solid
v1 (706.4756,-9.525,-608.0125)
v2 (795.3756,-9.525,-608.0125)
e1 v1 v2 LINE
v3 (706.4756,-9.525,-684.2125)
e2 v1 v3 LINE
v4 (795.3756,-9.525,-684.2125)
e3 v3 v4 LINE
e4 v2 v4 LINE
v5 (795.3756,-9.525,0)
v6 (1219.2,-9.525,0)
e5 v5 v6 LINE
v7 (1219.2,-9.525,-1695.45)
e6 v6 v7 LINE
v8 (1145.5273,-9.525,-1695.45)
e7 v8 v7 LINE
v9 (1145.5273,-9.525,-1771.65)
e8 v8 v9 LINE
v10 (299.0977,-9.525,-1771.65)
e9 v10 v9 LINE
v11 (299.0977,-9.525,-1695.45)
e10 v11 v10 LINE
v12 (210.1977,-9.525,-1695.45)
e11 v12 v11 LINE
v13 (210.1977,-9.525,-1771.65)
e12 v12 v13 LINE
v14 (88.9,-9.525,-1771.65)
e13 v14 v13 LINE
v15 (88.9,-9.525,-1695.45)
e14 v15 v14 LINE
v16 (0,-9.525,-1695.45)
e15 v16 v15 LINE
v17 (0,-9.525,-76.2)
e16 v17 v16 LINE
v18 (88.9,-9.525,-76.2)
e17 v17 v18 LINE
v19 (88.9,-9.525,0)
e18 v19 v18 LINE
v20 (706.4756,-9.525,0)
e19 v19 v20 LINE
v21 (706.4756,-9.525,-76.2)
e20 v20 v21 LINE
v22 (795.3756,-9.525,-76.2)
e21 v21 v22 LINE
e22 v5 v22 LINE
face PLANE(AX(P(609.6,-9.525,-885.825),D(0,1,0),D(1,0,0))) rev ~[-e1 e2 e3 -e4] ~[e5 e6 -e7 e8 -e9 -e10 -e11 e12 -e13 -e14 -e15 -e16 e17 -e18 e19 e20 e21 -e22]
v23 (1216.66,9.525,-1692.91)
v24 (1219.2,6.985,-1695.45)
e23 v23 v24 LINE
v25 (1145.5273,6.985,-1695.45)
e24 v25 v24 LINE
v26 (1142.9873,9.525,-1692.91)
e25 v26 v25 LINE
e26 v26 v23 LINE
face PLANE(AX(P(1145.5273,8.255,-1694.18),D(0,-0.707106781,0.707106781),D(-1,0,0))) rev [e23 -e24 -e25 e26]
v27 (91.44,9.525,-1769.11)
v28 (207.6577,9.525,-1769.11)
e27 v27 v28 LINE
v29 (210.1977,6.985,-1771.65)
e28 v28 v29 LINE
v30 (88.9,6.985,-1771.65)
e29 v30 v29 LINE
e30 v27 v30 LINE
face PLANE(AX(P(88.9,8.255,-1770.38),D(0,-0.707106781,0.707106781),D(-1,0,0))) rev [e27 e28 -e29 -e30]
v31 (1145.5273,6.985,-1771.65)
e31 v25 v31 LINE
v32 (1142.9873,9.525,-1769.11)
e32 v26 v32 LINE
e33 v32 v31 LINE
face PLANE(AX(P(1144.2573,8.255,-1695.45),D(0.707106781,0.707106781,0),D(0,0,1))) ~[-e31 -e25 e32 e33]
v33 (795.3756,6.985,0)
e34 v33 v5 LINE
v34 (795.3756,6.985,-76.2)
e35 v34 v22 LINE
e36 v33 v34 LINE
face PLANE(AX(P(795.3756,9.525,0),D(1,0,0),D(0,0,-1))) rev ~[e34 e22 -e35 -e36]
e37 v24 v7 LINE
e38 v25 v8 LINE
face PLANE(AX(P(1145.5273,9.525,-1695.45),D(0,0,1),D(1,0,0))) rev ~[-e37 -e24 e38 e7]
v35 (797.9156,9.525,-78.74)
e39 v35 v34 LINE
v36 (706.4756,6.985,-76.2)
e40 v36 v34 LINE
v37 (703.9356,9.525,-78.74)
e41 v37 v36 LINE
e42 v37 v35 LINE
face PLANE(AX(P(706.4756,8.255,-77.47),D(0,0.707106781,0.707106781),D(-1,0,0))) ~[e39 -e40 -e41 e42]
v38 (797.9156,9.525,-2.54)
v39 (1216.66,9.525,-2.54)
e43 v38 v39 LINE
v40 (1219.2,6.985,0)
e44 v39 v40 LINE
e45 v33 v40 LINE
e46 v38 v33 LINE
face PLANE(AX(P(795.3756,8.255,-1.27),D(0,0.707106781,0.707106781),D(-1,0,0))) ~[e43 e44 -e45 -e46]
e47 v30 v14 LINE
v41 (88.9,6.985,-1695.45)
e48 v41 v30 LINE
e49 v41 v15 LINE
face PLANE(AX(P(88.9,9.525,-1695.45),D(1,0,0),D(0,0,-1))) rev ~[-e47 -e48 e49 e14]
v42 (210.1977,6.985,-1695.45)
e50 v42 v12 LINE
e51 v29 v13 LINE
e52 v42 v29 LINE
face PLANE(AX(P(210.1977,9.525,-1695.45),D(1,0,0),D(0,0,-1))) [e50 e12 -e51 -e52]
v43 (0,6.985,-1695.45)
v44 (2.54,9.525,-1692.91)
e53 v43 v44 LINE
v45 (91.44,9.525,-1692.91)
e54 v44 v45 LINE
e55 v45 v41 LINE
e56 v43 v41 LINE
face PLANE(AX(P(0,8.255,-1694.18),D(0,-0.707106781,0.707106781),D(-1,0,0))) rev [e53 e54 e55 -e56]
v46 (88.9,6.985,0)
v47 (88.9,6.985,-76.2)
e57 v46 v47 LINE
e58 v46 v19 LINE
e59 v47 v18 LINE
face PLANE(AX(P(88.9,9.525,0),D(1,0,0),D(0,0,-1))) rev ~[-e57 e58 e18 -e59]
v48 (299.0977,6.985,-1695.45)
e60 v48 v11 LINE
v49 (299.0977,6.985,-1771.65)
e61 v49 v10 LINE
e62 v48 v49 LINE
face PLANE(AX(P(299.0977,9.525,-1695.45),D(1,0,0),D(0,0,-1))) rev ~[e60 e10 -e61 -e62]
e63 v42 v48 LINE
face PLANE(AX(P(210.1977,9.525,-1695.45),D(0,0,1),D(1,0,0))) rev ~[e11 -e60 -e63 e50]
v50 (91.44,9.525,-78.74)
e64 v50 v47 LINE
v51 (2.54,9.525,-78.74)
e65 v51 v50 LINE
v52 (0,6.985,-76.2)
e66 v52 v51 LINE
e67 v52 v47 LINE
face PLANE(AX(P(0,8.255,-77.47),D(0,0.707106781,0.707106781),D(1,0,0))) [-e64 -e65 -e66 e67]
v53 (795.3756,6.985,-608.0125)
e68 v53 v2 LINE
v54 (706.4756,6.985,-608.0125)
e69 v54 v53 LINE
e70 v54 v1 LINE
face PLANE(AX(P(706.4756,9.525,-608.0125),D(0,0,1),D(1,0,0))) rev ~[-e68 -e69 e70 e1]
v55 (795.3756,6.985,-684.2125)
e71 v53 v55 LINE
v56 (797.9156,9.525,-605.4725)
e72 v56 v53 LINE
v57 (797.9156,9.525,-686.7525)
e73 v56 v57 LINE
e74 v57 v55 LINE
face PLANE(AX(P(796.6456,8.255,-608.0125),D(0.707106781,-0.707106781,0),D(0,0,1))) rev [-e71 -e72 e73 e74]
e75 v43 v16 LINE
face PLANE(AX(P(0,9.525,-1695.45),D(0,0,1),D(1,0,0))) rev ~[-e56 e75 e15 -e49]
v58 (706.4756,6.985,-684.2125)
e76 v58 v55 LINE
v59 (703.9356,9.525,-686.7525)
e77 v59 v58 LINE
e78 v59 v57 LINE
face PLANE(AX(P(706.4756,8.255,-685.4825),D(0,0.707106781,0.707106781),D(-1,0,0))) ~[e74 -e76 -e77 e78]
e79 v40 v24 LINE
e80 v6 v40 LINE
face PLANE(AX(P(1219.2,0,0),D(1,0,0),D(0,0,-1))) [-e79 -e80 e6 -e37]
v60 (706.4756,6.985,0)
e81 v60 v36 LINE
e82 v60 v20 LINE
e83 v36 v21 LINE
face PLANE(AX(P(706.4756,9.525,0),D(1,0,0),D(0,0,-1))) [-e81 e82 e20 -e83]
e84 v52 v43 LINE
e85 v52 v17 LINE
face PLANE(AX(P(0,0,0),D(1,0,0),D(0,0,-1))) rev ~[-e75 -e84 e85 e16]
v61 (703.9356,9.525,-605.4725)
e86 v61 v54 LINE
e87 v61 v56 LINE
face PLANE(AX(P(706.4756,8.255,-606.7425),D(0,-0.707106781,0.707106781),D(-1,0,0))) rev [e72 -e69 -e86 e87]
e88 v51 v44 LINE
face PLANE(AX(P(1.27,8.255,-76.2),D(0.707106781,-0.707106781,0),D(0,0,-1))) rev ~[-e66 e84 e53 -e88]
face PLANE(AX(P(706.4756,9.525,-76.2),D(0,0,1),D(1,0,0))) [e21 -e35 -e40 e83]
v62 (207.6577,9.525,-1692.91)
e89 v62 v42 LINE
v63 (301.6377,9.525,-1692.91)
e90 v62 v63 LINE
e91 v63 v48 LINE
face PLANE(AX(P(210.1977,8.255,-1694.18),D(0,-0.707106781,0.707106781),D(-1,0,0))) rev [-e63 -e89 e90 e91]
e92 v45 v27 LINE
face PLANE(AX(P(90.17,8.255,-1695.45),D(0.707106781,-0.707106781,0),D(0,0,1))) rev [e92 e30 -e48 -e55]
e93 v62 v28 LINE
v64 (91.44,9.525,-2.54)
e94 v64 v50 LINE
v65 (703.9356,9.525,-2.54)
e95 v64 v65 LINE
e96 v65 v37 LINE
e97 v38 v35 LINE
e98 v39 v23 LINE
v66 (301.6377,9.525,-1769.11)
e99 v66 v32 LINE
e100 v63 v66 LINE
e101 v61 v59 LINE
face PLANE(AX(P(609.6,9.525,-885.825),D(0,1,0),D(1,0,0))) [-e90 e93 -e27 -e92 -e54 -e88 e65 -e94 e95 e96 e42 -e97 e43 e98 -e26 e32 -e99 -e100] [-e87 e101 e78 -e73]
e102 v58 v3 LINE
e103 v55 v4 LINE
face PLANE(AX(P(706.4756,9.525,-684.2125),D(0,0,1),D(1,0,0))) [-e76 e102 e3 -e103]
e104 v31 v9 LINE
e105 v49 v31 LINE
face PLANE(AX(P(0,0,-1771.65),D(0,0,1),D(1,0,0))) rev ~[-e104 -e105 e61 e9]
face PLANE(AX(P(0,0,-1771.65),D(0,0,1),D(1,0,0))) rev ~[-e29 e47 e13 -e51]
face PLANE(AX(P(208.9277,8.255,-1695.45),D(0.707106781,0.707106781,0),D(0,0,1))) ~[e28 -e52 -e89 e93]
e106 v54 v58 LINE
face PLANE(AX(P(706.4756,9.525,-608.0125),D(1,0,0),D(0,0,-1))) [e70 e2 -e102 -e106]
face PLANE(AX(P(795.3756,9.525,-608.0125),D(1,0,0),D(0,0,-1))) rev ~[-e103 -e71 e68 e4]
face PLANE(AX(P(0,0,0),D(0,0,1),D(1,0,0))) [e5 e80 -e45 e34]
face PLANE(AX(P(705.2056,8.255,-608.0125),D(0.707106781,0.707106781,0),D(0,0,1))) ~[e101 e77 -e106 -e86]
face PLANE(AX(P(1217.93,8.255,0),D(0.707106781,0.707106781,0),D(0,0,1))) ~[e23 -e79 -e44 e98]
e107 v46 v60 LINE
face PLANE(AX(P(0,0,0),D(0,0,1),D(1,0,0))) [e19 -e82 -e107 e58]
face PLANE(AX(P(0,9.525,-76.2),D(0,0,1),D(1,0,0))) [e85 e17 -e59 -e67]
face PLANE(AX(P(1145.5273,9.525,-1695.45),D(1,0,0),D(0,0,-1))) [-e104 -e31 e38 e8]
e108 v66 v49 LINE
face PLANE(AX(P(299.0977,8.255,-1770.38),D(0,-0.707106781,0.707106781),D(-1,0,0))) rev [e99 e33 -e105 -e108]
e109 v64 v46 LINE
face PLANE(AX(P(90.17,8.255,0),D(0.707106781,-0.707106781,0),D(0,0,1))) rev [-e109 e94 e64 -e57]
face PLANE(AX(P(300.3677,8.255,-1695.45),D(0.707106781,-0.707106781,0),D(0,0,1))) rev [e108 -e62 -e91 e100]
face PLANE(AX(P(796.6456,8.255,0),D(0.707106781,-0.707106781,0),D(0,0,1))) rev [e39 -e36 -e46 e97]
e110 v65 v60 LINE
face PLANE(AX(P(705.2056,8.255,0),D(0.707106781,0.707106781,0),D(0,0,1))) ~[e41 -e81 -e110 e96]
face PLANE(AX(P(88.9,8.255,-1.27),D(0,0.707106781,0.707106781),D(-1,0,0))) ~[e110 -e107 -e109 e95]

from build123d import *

# Parameters (mm, degrees)
SKETCH1_W           = 1219.2
SKETCH1_H           = 1771.65
BOSS_EXTRUDE1_DEPTH = 9.525
SKETCH3_W           = 88.9
SKETCH3_H           = 76.2
SKETCH3_W_2         = 73.6727
CUT_EXTRUDE2_DEPTH  = 20.05
CHAMFER1_SIZE       = 2.54


with BuildPart() as part:
    # Sketch1 → Boss-Extrude1 (new body, symmetric)
    with BuildSketch(Plane(origin=(0, 0, 0), x_dir=(1, 0, 0), z_dir=(0, 1, 0))):
        with Locations((609.6, 885.825)):
            Rectangle(SKETCH1_W, SKETCH1_H)
    extrude(amount=BOSS_EXTRUDE1_DEPTH, both=True)

    # Sketch3 → Cut-Extrude2 (cut, through all)
    with BuildSketch(Plane(origin=(0, 9.525, 0), x_dir=(1, 0, 0), z_dir=(0, 1, 0))):
        with Locations((44.45, 1733.55)):
            Rectangle(SKETCH3_W, SKETCH3_H)
        with Locations((254.6477, 1733.55)):
            Rectangle(SKETCH3_W, SKETCH3_H)
        with Locations((750.9256, 646.112499999)):
            Rectangle(SKETCH3_W, SKETCH3_H)
        with Locations((44.45, 38.1)):
            Rectangle(SKETCH3_W, SKETCH3_H)
        with Locations((750.9256, 38.1)):
            Rectangle(SKETCH3_W, SKETCH3_H)
        with Locations((1182.36365, 1733.55)):
            Rectangle(SKETCH3_W_2, SKETCH3_H)
    extrude(amount=-CUT_EXTRUDE2_DEPTH, mode=Mode.SUBTRACT)

    # Chamfer1
    chamfer1_edges = [part.edges().sort_by_distance(p)[0] for p in [
        (1219.2, 9.525, -847.725),
        (0, 9.525, -885.825),
        (397.6878, 9.525, 0),
        (1007.2878, 9.525, 0),
        (722.3125, 9.525, -1771.65),
        (149.54885, 9.525, -1771.65),
        (1145.5273, 9.525, -1733.55),
        (1182.36365, 9.525, -1695.45),
        (795.3756, 9.525, -38.1),
        (750.9256, 9.525, -76.2),
        (706.4756, 9.525, -38.1),
        (88.9, 9.525, -38.1),
        (44.45, 9.525, -76.2),
        (706.4756, 9.525, -646.112499999),
        (750.9256, 9.525, -608.012499999),
        (795.3756, 9.525, -646.112499999),
        (750.9256, 9.525, -684.212499999),
        (210.1977, 9.525, -1733.55),
        (254.6477, 9.525, -1695.45),
        (299.0977, 9.525, -1733.55),
        (44.45, 9.525, -1695.45),
        (88.9, 9.525, -1733.55),
    ]]
    chamfer(chamfer1_edges, length=CHAMFER1_SIZE)


solid = part.part
